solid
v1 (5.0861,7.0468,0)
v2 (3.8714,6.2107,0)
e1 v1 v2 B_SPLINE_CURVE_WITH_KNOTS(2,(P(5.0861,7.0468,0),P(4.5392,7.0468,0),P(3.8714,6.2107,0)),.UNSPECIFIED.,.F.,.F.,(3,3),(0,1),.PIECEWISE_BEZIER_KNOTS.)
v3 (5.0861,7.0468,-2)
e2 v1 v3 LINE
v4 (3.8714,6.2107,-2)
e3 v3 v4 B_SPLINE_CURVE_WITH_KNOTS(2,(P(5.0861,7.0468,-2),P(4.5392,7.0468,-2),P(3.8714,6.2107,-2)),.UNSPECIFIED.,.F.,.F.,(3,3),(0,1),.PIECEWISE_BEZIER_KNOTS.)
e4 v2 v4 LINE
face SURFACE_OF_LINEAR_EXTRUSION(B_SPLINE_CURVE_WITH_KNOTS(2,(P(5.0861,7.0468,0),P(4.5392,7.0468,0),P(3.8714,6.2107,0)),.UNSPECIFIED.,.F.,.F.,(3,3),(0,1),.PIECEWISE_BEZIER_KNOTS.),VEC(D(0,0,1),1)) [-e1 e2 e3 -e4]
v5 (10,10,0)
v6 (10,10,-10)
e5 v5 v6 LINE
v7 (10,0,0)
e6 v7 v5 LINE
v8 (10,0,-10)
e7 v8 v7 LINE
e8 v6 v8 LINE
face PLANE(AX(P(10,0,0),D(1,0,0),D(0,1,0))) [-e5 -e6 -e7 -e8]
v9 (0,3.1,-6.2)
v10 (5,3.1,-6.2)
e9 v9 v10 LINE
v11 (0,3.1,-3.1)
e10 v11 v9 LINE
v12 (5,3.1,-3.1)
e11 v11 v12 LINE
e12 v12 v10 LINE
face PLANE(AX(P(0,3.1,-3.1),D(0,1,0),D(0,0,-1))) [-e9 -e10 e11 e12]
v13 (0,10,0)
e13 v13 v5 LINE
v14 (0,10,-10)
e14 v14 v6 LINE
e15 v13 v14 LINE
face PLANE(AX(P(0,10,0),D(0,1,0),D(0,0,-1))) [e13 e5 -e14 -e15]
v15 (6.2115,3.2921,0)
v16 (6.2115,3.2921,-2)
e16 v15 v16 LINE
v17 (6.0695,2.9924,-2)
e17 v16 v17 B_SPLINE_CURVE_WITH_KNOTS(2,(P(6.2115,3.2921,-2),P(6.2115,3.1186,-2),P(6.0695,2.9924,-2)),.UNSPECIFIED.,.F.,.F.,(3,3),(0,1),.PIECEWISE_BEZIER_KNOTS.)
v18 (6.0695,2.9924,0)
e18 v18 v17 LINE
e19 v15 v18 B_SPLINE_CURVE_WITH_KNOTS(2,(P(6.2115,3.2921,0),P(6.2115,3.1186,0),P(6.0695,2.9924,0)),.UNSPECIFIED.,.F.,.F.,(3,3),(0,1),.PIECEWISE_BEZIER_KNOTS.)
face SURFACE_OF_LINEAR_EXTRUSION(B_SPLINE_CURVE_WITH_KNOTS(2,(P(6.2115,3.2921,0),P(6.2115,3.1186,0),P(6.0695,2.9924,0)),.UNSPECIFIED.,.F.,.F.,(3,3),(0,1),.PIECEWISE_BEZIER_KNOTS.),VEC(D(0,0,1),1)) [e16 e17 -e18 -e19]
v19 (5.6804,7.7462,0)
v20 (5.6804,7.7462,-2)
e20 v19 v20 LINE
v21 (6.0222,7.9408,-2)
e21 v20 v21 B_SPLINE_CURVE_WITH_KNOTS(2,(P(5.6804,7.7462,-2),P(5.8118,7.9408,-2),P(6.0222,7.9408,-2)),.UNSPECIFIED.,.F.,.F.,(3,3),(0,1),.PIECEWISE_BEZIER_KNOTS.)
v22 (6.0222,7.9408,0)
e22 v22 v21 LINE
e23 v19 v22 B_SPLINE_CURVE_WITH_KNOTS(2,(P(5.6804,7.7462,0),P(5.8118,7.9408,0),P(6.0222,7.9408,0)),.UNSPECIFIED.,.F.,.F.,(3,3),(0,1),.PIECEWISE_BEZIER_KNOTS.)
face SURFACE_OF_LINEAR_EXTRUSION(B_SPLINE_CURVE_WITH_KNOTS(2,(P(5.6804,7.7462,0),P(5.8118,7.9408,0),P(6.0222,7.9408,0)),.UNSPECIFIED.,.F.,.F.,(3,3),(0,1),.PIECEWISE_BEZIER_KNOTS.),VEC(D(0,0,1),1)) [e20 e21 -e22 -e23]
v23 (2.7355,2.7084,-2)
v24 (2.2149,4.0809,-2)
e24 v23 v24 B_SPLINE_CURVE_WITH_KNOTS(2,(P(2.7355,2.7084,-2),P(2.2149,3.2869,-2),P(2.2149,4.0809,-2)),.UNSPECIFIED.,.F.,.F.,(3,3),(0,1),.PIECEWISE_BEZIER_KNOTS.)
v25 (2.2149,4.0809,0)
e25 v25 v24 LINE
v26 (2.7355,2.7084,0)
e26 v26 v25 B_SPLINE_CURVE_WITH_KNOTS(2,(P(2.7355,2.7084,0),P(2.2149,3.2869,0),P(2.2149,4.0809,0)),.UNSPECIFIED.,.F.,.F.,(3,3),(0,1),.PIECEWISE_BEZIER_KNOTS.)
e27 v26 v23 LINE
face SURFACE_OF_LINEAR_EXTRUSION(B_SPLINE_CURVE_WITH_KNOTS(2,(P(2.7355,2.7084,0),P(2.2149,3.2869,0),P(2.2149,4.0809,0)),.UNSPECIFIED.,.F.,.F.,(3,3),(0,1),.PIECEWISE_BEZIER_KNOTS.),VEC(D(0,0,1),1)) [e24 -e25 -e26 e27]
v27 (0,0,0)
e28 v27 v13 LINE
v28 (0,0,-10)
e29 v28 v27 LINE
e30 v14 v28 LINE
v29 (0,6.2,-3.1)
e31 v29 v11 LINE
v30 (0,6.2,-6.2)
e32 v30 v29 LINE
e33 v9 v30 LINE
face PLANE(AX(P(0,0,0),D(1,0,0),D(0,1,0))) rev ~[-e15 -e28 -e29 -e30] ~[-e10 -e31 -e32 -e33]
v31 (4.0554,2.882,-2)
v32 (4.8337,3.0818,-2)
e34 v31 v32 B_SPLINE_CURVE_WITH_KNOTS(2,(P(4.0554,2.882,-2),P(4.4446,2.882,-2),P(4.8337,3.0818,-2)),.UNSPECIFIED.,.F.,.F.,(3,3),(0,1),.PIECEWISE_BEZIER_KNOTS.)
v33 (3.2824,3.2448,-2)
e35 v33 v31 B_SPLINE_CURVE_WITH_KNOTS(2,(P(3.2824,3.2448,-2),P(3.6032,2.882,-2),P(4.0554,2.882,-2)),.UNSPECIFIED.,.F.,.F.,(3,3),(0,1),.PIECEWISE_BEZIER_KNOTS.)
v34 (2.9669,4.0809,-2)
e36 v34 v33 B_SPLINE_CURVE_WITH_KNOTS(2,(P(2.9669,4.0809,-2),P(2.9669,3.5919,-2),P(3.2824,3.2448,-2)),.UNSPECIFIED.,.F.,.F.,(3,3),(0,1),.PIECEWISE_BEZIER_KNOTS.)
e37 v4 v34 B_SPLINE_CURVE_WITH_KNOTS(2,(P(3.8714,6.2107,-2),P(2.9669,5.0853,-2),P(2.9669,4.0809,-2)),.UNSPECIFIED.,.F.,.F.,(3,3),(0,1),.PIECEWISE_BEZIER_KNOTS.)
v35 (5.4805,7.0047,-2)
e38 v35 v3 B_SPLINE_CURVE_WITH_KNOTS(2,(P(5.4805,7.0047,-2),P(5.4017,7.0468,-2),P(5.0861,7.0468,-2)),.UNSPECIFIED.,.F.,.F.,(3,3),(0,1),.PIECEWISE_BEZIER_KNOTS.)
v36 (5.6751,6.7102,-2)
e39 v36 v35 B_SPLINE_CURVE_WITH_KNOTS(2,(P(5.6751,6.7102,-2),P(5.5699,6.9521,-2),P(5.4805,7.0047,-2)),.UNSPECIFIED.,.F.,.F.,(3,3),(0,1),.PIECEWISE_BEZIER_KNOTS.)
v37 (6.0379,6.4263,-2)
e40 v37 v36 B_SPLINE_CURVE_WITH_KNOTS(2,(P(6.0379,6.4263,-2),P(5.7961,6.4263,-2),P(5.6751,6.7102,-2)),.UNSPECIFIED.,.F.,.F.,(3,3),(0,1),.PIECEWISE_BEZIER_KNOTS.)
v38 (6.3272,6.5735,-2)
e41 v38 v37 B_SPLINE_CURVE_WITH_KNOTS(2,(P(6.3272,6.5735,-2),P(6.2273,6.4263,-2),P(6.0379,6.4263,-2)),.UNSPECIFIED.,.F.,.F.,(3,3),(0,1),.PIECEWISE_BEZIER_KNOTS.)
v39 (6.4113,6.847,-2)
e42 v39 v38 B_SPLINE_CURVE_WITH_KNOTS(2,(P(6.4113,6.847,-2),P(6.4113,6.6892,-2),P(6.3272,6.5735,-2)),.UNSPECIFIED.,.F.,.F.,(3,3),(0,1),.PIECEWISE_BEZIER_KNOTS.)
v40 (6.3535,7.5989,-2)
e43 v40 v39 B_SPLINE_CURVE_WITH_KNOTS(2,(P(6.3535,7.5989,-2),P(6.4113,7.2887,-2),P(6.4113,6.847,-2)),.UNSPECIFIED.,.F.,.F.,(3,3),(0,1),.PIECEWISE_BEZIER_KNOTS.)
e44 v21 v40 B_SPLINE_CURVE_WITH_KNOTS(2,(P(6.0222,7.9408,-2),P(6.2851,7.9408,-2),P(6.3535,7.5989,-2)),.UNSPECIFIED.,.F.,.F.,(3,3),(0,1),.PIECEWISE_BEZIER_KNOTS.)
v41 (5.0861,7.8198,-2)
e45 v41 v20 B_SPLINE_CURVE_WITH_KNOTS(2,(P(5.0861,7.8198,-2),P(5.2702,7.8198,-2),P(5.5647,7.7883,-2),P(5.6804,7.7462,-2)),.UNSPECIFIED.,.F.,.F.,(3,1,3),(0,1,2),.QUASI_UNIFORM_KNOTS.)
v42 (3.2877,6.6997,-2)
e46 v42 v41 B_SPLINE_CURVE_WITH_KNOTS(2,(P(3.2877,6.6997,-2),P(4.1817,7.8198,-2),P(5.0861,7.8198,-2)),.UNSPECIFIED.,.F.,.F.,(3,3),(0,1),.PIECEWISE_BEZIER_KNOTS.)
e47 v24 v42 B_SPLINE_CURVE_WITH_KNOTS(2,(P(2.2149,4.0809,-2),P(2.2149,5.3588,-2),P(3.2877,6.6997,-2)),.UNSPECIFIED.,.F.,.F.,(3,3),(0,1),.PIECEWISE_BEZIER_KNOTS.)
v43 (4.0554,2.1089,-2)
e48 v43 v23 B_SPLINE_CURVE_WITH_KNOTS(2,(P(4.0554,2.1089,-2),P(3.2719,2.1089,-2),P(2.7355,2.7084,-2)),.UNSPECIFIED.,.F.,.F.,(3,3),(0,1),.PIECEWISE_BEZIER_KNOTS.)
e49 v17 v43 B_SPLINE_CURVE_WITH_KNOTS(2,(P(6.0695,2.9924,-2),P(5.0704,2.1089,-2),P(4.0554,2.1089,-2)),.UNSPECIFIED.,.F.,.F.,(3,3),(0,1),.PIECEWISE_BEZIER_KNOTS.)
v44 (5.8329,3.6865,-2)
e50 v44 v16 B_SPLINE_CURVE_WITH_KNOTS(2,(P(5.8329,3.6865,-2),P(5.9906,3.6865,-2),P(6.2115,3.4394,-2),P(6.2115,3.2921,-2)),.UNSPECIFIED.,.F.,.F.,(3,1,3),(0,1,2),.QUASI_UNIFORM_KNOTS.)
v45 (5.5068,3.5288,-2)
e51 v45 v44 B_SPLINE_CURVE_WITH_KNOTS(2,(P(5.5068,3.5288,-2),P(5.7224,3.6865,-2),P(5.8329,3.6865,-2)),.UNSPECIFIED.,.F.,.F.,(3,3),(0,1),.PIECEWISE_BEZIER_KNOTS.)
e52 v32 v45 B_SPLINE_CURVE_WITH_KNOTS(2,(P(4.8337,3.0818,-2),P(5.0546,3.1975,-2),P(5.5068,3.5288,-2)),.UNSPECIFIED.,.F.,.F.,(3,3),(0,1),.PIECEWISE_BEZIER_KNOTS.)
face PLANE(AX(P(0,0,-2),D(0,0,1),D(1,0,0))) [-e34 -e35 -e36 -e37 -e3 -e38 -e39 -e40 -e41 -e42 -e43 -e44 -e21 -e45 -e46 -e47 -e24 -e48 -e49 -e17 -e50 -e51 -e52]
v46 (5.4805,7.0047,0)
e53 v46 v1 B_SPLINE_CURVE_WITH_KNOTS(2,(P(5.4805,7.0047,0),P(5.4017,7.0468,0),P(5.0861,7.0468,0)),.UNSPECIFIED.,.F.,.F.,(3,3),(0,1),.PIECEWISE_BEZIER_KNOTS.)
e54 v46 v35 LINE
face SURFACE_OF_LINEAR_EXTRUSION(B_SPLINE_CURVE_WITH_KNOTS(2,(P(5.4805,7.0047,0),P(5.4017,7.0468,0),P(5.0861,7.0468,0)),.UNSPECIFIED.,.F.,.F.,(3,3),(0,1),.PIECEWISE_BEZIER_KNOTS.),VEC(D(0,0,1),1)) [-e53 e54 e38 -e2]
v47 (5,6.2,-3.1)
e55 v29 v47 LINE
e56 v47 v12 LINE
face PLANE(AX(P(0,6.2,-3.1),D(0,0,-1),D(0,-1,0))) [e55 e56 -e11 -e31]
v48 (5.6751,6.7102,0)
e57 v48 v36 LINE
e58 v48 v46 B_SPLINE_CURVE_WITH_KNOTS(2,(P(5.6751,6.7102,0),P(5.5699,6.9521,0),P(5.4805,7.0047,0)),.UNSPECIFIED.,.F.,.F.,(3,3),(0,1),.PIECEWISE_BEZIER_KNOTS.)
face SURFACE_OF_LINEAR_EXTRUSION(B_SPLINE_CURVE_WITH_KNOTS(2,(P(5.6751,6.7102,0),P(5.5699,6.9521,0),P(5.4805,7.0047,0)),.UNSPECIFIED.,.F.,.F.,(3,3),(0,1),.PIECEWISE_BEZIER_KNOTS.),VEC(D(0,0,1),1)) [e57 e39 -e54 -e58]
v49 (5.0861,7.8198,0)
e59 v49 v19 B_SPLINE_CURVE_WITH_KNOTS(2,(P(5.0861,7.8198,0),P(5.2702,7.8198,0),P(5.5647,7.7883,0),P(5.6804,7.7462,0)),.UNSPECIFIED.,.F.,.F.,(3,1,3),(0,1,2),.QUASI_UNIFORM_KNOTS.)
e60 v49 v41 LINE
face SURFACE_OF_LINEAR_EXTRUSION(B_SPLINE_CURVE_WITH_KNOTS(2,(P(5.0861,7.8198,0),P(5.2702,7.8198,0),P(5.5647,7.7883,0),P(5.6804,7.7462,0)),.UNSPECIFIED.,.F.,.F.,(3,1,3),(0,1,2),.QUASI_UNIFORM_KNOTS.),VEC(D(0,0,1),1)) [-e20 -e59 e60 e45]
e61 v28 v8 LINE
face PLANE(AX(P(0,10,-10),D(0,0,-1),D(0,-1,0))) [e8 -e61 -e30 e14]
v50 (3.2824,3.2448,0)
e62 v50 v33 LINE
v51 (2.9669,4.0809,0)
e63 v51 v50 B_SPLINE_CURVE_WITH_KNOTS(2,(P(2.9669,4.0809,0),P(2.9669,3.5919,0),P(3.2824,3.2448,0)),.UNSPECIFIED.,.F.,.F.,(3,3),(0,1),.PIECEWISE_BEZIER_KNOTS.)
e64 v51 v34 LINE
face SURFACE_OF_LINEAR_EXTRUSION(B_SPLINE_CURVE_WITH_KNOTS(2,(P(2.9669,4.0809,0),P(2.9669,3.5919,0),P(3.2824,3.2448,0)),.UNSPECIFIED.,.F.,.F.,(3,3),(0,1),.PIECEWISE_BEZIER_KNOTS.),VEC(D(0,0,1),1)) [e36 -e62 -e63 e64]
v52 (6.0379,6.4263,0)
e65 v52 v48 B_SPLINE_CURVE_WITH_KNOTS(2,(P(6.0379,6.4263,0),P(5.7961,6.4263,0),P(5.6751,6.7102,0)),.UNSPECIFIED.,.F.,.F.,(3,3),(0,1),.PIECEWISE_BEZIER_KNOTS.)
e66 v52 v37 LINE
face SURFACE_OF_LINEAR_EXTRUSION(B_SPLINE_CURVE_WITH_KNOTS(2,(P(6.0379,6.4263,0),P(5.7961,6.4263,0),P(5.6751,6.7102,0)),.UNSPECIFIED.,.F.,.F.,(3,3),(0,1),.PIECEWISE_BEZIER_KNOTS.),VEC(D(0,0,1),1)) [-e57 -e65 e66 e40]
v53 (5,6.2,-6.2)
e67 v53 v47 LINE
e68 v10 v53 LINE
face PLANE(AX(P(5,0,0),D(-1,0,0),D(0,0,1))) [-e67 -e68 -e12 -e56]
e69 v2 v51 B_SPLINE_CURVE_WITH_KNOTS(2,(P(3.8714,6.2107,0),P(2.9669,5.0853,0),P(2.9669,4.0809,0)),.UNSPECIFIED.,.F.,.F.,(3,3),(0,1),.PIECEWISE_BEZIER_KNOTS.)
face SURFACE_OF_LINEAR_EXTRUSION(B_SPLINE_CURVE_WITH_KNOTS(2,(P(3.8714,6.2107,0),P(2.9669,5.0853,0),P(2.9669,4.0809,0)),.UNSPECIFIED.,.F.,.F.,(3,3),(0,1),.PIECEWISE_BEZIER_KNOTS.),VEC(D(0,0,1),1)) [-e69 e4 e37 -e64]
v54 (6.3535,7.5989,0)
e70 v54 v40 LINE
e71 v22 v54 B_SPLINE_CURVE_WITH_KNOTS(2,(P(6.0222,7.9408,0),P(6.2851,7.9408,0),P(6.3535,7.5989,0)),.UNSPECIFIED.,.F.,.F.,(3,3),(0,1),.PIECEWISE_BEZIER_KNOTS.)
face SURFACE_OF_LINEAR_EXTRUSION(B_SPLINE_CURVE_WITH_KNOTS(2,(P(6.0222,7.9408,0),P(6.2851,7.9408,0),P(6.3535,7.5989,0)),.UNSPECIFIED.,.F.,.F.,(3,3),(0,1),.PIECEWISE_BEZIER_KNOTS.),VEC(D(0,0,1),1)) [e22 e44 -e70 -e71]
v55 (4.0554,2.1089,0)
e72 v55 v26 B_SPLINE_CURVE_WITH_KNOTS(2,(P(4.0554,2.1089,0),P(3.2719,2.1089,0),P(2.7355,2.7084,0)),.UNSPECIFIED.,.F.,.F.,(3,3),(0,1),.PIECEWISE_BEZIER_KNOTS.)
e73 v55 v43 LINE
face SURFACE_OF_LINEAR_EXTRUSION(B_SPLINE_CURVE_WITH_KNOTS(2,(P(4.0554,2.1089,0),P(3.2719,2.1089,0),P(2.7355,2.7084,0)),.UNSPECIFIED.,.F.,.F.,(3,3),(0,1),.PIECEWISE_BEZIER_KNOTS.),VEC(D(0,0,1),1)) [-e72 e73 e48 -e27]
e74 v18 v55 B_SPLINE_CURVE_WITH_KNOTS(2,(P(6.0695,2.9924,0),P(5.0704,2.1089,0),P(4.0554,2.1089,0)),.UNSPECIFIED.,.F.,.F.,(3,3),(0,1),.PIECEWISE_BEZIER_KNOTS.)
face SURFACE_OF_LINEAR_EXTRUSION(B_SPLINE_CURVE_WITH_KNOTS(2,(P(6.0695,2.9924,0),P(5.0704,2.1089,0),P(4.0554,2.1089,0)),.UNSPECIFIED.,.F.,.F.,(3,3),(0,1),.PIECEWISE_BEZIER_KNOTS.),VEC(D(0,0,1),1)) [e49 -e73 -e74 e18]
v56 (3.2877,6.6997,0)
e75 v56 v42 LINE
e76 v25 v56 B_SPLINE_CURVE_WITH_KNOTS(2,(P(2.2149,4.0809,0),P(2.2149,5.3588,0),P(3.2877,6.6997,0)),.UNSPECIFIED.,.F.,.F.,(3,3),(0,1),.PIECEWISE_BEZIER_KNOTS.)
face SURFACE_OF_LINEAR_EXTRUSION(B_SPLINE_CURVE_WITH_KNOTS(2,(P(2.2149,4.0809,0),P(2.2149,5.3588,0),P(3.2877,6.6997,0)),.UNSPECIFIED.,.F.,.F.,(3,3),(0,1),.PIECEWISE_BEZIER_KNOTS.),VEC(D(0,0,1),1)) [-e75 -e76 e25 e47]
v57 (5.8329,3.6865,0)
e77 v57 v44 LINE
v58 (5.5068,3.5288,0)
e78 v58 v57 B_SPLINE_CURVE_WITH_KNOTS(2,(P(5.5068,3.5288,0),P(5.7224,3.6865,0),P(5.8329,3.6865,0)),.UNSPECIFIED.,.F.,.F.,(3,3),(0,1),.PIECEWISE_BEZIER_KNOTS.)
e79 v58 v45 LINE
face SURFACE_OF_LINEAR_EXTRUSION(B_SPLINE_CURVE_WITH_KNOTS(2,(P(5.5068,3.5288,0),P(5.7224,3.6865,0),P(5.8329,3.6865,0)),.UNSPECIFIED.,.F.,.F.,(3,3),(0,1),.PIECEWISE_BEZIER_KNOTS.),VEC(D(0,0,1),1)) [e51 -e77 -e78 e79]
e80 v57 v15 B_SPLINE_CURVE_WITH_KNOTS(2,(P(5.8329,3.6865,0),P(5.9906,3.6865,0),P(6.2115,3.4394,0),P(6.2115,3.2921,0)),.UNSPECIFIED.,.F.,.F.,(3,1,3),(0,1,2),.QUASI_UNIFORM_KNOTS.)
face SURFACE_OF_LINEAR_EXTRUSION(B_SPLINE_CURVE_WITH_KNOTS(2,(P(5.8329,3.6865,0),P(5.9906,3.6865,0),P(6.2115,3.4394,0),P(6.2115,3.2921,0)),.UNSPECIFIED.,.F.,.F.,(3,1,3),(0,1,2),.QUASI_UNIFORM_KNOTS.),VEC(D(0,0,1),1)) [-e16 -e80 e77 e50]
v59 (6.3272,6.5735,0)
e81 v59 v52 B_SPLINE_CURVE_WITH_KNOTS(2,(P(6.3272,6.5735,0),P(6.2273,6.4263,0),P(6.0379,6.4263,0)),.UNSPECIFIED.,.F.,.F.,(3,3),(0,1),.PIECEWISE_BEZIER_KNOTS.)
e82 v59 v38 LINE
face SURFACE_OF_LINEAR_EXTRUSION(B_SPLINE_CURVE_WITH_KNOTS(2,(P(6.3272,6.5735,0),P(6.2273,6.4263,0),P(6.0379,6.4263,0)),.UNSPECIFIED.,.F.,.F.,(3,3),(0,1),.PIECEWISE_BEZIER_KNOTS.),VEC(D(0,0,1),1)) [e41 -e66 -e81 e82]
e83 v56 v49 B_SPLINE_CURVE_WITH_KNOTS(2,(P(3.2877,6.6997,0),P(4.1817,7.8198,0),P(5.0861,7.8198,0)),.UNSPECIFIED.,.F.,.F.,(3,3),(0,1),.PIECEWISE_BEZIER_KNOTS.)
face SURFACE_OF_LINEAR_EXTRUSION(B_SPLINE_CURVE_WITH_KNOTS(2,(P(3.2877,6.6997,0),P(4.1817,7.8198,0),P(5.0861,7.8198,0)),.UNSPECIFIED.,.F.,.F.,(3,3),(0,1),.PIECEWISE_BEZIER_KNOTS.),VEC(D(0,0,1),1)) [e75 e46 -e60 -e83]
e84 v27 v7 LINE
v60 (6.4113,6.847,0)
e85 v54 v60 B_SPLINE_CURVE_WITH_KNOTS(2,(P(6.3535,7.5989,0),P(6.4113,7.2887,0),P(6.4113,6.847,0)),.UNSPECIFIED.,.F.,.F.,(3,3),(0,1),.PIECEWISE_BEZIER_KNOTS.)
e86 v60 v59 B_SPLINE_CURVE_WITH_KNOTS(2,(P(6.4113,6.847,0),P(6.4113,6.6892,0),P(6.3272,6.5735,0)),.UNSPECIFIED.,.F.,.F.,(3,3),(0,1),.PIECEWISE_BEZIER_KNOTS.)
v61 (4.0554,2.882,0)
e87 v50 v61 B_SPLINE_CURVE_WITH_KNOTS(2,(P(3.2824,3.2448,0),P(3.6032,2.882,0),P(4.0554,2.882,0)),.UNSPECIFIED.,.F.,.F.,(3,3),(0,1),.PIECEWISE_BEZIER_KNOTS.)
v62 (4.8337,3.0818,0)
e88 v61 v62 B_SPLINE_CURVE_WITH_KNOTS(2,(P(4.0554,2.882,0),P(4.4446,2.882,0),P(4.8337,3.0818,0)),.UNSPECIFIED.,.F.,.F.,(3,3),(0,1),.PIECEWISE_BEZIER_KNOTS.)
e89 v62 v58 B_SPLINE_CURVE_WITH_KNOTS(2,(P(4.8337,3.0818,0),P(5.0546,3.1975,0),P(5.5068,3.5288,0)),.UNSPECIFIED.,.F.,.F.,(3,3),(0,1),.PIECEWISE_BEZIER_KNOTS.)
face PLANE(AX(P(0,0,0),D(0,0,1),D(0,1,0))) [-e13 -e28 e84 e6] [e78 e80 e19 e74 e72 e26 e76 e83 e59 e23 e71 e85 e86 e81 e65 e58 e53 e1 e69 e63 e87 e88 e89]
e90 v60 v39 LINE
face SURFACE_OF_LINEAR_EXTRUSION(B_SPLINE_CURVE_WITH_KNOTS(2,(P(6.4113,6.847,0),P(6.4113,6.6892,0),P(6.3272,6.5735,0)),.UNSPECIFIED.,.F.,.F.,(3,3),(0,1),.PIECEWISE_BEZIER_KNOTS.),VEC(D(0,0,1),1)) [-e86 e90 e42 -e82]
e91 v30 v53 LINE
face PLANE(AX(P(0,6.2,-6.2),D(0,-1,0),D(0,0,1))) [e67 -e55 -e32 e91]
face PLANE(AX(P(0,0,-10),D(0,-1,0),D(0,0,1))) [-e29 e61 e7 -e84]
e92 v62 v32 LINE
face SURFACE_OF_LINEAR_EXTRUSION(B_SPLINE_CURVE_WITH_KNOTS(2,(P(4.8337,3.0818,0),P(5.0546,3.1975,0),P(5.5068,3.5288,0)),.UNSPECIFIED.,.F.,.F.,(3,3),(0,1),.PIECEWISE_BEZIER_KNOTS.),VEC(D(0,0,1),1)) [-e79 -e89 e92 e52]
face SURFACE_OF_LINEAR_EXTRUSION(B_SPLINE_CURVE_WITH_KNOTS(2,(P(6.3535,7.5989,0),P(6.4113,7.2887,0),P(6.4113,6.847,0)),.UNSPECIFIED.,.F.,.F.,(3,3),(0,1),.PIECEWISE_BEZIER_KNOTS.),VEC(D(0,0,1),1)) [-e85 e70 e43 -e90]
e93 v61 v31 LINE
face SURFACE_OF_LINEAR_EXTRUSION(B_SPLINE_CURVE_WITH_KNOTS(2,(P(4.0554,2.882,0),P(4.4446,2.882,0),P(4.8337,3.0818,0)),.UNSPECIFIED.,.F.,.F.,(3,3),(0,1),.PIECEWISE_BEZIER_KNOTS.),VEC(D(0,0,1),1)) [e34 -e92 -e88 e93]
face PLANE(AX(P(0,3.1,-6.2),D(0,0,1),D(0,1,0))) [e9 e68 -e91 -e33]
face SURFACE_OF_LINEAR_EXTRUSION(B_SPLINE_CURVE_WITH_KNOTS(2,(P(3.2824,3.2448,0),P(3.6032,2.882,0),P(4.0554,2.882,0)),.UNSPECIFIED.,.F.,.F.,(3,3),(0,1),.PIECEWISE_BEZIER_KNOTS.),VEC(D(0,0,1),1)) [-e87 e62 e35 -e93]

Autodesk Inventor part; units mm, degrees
ref_plane "YZ Plane" through (0, 0, 0) normal (1, 0, 0) x (0, 1, 0)
ref_plane "XZ Plane" through (0, 0, 0) normal (0, 1, 0) x (-1, 0, 0)
ref_plane "XY Plane" through (0, 0, 0) normal (0, 0, 1) x (1, 0, 0)
sketch "Sketch1" plane through (0, 0, 0) normal (1, 0, 0) x (0, 1, 0)
  line L0 (0, 0) -> (10, 0)
  line L1 (10, 0) -> (10, -10)
  line L2 (10, -10) -> (0, -10)
  line L3 (0, -10) -> (0, 0)
  dimension "d0" = 10
  dimension "d1" = 10
extrude "Extrusion1" add sketch "Sketch1" along normal blind 10
sketch "Sketch4" plane through (0, 0, 0) normal (0, 0, 1) x (1, 0, 0)
  line L0 (1.8731, 7.9408) -> (4.4271, 7.9408) construction
  line L1 (4.4271, 7.9408) -> (4.4271, 4.8928) construction
  line L2 (4.4271, 4.8928) -> (1.8731, 4.8928) construction
  line L3 (1.8731, 4.8928) -> (1.8731, 7.9408) construction
  spline S0 degree 2 poles (6.0379, 6.4263) (5.7961, 6.4263) (5.6751, 6.7102) knots 0 0 0 1 1 1
  spline S1 degree 2 poles (5.6751, 6.7102) (5.5699, 6.9521) (5.4805, 7.0047) knots 0 0 0 1 1 1
  spline S2 degree 2 poles (5.4805, 7.0047) (5.4017, 7.0468) (5.0861, 7.0468) knots 0 0 0 1 1 1
  spline S3 degree 2 poles (5.0861, 7.0468) (4.5392, 7.0468) (3.8714, 6.2107) knots 0 0 0 1 1 1
  spline S4 degree 2 poles (3.8714, 6.2107) (2.9669, 5.0853) (2.9669, 4.0809) knots 0 0 0 1 1 1
  spline S5 degree 2 poles (2.9669, 4.0809) (2.9669, 3.5919) (3.2824, 3.2448) knots 0 0 0 1 1 1
  spline S6 degree 2 poles (3.2824, 3.2448) (3.6032, 2.882) (4.0554, 2.882) knots 0 0 0 1 1 1
  spline S7 degree 2 poles (4.0554, 2.882) (4.4446, 2.882) (4.8337, 3.0818) knots 0 0 0 1 1 1
  spline S8 degree 2 poles (4.8337, 3.0818) (5.0546, 3.1975) (5.5068, 3.5288) knots 0 0 0 1 1 1
  spline S9 degree 2 poles (5.5068, 3.5288) (5.7224, 3.6865) (5.8329, 3.6865) knots 0 0 0 1 1 1
  spline S10 degree 2 poles (5.8329, 3.6865) (5.9906, 3.6865) (6.2115, 3.4394) (6.2115, 3.2921) knots 0 0 0 1 2 2 2
  spline S11 degree 2 poles (6.2115, 3.2921) (6.2115, 3.1186) (6.0695, 2.9924) knots 0 0 0 1 1 1
  spline S12 degree 2 poles (6.0695, 2.9924) (5.0704, 2.1089) (4.0554, 2.1089) knots 0 0 0 1 1 1
  spline S13 degree 2 poles (4.0554, 2.1089) (3.2719, 2.1089) (2.7355, 2.7084) knots 0 0 0 1 1 1
  spline S14 degree 2 poles (2.7355, 2.7084) (2.2149, 3.2869) (2.2149, 4.0809) knots 0 0 0 1 1 1
  spline S15 degree 2 poles (2.2149, 4.0809) (2.2149, 5.3588) (3.2877, 6.6997) knots 0 0 0 1 1 1
  spline S16 degree 2 poles (3.2877, 6.6997) (4.1817, 7.8198) (5.0861, 7.8198) knots 0 0 0 1 1 1
  spline S17 degree 2 poles (5.0861, 7.8198) (5.2702, 7.8198) (5.5647, 7.7883) (5.6804, 7.7462) knots 0 0 0 1 2 2 2
  spline S18 degree 2 poles (5.6804, 7.7462) (5.8118, 7.9408) (6.0222, 7.9408) knots 0 0 0 1 1 1
  spline S19 degree 2 poles (6.0222, 7.9408) (6.2851, 7.9408) (6.3535, 7.5989) knots 0 0 0 1 1 1
  spline S20 degree 2 poles (6.3535, 7.5989) (6.4113, 7.2887) (6.4113, 6.847) knots 0 0 0 1 1 1
  spline S21 degree 2 poles (6.4113, 6.847) (6.4113, 6.6892) (6.3272, 6.5735) knots 0 0 0 1 1 1
  spline S22 degree 2 poles (6.3272, 6.5735) (6.2273, 6.4263) (6.0379, 6.4263) knots 0 0 0 1 1 1
  point P0 (0, 0)
extrude "Extrusion4" cut sketch "Sketch4" against normal blind 2
sketch "Sketch7" plane through (0, 0, 0) normal (-1, 0, 0) x (0, 0, 1)
  line L0 (-3.1, 3.1) -> (-6.2, 3.1)
  line L1 (-6.2, 3.1) -> (-6.2, 6.2)
  line L2 (-6.2, 6.2) -> (-3.1, 6.2)
  line L3 (-3.1, 6.2) -> (-3.1, 3.1)
  point P0 (0, 0)
  dimension "d16" = 3.1
  dimension "d17" = 3.1
extrude "Extrusion6" cut sketch "Sketch7" against normal blind 5
properties part number "Cytosine1"
